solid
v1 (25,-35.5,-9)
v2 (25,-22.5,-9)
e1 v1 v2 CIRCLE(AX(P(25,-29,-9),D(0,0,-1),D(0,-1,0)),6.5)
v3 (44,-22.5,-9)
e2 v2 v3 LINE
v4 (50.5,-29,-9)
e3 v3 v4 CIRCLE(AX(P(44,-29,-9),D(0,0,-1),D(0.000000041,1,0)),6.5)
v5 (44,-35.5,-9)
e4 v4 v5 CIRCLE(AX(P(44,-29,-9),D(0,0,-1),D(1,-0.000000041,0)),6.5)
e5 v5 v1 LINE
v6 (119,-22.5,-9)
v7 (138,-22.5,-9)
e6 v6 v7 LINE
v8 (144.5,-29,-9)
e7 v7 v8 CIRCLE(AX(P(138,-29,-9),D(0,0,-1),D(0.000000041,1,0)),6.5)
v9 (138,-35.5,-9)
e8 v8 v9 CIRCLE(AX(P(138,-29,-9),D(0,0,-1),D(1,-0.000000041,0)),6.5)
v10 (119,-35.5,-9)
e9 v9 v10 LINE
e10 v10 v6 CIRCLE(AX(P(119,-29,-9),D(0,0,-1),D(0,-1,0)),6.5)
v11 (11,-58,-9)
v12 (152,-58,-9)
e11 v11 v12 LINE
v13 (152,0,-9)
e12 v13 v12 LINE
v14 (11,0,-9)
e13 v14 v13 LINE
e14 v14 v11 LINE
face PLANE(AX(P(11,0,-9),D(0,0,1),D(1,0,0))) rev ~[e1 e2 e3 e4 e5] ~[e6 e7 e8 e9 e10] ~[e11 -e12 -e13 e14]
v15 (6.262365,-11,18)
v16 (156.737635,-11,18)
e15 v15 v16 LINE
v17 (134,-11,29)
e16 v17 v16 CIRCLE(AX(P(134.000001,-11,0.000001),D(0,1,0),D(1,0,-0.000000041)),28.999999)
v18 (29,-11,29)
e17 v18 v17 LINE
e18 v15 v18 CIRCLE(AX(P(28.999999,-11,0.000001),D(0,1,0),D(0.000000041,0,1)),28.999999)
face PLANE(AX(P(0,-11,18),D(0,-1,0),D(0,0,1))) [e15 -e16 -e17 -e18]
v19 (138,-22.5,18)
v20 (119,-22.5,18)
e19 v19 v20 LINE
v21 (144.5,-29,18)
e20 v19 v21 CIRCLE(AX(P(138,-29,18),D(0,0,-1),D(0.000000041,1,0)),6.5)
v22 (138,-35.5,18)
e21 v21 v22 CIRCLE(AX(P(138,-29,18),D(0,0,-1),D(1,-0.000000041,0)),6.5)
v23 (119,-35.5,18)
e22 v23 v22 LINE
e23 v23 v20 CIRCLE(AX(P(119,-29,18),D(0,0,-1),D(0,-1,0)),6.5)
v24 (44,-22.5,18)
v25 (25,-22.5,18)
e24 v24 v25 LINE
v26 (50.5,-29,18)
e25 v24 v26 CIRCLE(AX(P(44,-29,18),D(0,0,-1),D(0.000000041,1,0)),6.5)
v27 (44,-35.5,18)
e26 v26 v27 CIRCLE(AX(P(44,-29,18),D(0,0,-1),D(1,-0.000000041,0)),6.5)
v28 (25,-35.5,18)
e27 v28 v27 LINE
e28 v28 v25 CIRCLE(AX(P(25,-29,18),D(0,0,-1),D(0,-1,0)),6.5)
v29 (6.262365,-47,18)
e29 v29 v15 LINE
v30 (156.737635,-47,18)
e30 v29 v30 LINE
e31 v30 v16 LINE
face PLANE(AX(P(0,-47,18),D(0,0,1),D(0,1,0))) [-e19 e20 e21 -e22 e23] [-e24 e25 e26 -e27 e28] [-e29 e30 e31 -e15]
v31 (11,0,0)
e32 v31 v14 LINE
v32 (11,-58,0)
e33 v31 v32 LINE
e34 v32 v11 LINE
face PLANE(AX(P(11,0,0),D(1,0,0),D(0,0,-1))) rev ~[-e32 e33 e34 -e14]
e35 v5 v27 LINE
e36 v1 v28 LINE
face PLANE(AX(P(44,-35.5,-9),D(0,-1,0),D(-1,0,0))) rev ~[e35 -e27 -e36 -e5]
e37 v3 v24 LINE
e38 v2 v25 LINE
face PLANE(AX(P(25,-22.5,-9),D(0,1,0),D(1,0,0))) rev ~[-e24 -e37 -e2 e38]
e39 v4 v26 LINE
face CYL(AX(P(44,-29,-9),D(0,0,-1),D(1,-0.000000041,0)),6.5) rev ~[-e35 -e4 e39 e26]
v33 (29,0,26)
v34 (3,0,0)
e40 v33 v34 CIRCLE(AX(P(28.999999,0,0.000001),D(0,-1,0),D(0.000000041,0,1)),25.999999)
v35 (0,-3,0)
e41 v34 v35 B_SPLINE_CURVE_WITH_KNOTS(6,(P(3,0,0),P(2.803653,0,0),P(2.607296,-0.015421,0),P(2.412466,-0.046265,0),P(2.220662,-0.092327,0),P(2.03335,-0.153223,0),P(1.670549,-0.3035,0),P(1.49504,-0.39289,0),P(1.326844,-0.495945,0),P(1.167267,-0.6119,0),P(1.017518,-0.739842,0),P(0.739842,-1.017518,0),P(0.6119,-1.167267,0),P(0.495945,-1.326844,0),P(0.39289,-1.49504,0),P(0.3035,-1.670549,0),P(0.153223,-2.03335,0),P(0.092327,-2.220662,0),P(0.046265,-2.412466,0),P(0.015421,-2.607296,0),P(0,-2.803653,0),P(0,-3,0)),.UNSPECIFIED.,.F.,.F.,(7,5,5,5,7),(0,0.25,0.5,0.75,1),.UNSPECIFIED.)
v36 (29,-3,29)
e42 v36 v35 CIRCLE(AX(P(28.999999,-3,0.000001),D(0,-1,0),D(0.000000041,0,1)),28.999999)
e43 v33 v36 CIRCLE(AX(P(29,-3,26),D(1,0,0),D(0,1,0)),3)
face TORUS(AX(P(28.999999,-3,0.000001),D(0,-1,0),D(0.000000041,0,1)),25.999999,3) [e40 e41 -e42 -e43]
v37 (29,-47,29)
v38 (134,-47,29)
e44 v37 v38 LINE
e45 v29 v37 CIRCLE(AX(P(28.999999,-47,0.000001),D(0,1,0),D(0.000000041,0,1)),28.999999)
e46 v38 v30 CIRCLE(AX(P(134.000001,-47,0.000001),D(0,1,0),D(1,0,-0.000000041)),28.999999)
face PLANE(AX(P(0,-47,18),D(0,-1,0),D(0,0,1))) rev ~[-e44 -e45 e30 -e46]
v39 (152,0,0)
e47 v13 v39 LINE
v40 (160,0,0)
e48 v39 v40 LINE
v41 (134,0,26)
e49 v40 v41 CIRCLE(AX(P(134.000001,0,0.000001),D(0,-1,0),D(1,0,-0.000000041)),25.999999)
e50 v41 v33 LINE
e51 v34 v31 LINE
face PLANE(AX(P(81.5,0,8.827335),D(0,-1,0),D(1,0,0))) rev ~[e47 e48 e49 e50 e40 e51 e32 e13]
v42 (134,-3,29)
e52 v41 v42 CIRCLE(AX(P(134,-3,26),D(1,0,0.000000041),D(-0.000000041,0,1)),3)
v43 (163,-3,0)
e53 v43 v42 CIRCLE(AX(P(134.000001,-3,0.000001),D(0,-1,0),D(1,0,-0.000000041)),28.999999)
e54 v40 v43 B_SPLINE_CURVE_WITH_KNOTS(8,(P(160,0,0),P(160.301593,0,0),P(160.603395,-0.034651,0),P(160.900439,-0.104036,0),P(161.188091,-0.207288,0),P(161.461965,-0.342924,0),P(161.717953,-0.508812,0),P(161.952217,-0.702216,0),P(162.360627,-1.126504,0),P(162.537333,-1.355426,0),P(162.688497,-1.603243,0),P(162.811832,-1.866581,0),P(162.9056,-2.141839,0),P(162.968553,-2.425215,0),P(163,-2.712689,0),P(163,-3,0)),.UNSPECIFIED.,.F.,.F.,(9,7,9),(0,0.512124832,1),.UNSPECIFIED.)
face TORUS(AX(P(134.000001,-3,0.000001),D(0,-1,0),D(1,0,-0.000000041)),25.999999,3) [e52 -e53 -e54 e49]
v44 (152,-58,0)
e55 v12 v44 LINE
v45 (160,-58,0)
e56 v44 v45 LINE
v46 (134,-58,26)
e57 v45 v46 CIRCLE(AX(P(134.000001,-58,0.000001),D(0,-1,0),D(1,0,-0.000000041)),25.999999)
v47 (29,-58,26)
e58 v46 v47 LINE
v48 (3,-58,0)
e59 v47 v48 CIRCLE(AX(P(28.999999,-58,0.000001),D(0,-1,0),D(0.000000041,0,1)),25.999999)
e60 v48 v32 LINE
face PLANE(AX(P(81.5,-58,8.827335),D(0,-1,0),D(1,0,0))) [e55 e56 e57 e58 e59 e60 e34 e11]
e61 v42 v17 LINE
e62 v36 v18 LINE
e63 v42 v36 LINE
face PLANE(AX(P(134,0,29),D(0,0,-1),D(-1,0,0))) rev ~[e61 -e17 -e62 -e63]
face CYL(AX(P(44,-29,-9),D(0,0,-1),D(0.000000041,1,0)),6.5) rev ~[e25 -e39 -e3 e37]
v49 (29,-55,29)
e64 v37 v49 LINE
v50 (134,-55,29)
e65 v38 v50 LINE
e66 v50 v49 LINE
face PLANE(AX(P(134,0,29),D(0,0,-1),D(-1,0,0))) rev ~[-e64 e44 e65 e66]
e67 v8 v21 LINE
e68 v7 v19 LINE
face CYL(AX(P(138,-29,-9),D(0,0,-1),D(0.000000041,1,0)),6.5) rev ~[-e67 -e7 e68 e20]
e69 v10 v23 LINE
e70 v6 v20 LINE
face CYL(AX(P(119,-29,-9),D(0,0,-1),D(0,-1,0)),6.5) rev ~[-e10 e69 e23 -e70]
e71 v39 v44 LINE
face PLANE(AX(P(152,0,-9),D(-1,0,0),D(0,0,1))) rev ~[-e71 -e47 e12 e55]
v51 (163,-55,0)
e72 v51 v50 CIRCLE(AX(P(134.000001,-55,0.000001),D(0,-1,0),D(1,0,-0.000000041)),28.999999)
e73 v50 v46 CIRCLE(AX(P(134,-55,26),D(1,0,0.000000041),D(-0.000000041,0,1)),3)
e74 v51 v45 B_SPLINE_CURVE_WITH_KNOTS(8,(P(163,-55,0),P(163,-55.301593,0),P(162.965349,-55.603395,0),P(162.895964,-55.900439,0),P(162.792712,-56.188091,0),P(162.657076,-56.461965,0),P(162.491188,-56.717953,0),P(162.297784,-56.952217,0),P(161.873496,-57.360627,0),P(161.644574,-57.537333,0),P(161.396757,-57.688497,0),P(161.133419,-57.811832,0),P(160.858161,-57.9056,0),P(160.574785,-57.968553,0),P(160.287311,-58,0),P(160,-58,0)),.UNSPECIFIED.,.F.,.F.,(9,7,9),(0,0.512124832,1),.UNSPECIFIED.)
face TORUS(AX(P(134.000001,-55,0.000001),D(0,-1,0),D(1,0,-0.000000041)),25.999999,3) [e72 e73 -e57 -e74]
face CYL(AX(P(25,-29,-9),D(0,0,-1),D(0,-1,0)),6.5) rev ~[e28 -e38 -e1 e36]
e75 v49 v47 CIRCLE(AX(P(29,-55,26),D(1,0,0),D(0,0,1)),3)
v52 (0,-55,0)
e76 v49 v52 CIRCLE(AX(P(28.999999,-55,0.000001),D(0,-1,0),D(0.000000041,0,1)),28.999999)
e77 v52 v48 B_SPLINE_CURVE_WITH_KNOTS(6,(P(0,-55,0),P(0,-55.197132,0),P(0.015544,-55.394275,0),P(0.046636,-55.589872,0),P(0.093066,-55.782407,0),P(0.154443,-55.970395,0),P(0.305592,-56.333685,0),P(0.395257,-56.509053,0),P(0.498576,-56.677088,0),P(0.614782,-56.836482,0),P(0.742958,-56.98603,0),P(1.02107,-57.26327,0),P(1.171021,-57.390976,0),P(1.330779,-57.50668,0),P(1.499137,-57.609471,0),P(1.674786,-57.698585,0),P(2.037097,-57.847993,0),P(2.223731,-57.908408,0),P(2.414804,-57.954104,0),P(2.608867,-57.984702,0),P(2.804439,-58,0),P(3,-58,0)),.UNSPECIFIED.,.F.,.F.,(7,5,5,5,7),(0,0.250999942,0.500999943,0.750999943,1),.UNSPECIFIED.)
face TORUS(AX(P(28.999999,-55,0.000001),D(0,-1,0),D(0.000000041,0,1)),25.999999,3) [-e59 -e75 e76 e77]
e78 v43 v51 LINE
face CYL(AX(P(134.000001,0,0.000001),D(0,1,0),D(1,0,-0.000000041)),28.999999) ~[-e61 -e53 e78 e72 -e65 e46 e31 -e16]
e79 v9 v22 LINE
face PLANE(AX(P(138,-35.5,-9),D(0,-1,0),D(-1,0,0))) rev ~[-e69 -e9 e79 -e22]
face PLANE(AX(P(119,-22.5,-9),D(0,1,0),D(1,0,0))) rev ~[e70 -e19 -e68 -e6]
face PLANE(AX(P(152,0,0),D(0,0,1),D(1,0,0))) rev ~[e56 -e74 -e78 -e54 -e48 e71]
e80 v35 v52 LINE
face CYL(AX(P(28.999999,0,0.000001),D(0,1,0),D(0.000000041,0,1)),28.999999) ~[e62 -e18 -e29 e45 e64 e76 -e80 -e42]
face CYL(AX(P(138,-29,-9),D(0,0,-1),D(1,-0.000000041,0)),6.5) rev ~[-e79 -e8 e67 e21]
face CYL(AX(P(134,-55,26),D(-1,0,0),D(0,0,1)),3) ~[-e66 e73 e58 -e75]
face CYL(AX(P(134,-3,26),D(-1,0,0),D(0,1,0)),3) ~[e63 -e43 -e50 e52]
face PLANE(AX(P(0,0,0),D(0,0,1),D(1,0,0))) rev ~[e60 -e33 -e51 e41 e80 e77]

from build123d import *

# Parameters (mm, degrees)
F1_DEPTH = 58
F2_W     = 18
F2_H     = 11
F3_DEPTH = 163.001
F4_R     = 3
F6_DEPTH = 38.001


with BuildPart() as f1:
    # F0 (on Front) → F1 (new body)
    with BuildSketch(Plane.XZ):
        with BuildLine():
            Line((134, 29), (29, 29))
            ThreePointArc((29, 29), (8.493903, 20.506097), (0, 0))
            Line((0, 0), (11, 0))
            Line((11, 0), (11, -9))
            Line((11, -9), (152, -9))
            Line((152, -9), (152, 0))
            Line((152, 0), (163, 0))
            ThreePointArc((163, 0), (154.506097, 20.506097), (134, 29))
        make_face()
    extrude(amount=F1_DEPTH)

    # F2 (on Right) → F3 (cut, through all)
    with BuildSketch(Plane.YZ):
        with Locations((-38, 23.5)):
            Rectangle(F2_W, F2_H)
        with Locations((-20, 23.5)):
            Rectangle(F2_W, F2_H)
    extrude(amount=F3_DEPTH, mode=Mode.SUBTRACT)

    # F4
    f4_edges = [f1.edges().sort_by_distance(p)[0] for p in [
        (8.493903, -58, 20.506097),
        (81.5, -58, 29),
        (154.506097, -58, 20.506097),
        (8.493903, 0, 20.506097),
    ]]
    fillet(f4_edges, radius=F4_R)

    # F5 (on face) → F6 (cut, through all)
    with BuildSketch(Plane(origin=(0, 0, -9), x_dir=(1, 0, 0), z_dir=(0, 0, -1))):
        with BuildLine():
            ThreePointArc((138, 22.5), (142.596194, 24.403806), (144.5, 29))
            ThreePointArc((144.5, 29), (142.596194, 33.596194), (138, 35.5))
            ThreePointArc((138, 35.5), (131.5, 29), (138, 22.5))
        make_face()
        with BuildLine():
            ThreePointArc((138, 22.5), (131.5, 29), (138, 35.5))
            Line((138, 35.5), (119, 35.5))
            ThreePointArc((119, 35.5), (123.596194, 33.596194), (125.5, 29))
            ThreePointArc((125.5, 29), (123.596194, 24.403806), (119, 22.5))
            Line((119, 22.5), (138, 22.5))
        make_face()
        with BuildLine():
            ThreePointArc((125.5, 29), (123.596194, 33.596194), (119, 35.5))
            ThreePointArc((119, 35.5), (112.5, 29), (119, 22.5))
            ThreePointArc((119, 22.5), (123.596194, 24.403806), (125.5, 29))
        make_face()
        with BuildLine():
            ThreePointArc((25, 22.5), (29.596194, 24.403806), (31.5, 29))
            ThreePointArc((31.5, 29), (29.596194, 33.596194), (25, 35.5))
            ThreePointArc((25, 35.5), (18.5, 29), (25, 22.5))
        make_face()
        with BuildLine():
            ThreePointArc((25, 35.5), (29.596194, 33.596194), (31.5, 29))
            ThreePointArc((31.5, 29), (29.596194, 24.403806), (25, 22.5))
            Line((25, 22.5), (44, 22.5))
            ThreePointArc((44, 22.5), (37.5, 29), (44, 35.5))
            Line((44, 35.5), (25, 35.5))
        make_face()
        with BuildLine():
            ThreePointArc((50.5, 29), (48.596194, 33.596194), (44, 35.5))
            ThreePointArc((44, 35.5), (37.5, 29), (44, 22.5))
            ThreePointArc((44, 22.5), (48.596194, 24.403806), (50.5, 29))
        make_face()
    extrude(amount=-F6_DEPTH, mode=Mode.SUBTRACT)


solid = f1.part
